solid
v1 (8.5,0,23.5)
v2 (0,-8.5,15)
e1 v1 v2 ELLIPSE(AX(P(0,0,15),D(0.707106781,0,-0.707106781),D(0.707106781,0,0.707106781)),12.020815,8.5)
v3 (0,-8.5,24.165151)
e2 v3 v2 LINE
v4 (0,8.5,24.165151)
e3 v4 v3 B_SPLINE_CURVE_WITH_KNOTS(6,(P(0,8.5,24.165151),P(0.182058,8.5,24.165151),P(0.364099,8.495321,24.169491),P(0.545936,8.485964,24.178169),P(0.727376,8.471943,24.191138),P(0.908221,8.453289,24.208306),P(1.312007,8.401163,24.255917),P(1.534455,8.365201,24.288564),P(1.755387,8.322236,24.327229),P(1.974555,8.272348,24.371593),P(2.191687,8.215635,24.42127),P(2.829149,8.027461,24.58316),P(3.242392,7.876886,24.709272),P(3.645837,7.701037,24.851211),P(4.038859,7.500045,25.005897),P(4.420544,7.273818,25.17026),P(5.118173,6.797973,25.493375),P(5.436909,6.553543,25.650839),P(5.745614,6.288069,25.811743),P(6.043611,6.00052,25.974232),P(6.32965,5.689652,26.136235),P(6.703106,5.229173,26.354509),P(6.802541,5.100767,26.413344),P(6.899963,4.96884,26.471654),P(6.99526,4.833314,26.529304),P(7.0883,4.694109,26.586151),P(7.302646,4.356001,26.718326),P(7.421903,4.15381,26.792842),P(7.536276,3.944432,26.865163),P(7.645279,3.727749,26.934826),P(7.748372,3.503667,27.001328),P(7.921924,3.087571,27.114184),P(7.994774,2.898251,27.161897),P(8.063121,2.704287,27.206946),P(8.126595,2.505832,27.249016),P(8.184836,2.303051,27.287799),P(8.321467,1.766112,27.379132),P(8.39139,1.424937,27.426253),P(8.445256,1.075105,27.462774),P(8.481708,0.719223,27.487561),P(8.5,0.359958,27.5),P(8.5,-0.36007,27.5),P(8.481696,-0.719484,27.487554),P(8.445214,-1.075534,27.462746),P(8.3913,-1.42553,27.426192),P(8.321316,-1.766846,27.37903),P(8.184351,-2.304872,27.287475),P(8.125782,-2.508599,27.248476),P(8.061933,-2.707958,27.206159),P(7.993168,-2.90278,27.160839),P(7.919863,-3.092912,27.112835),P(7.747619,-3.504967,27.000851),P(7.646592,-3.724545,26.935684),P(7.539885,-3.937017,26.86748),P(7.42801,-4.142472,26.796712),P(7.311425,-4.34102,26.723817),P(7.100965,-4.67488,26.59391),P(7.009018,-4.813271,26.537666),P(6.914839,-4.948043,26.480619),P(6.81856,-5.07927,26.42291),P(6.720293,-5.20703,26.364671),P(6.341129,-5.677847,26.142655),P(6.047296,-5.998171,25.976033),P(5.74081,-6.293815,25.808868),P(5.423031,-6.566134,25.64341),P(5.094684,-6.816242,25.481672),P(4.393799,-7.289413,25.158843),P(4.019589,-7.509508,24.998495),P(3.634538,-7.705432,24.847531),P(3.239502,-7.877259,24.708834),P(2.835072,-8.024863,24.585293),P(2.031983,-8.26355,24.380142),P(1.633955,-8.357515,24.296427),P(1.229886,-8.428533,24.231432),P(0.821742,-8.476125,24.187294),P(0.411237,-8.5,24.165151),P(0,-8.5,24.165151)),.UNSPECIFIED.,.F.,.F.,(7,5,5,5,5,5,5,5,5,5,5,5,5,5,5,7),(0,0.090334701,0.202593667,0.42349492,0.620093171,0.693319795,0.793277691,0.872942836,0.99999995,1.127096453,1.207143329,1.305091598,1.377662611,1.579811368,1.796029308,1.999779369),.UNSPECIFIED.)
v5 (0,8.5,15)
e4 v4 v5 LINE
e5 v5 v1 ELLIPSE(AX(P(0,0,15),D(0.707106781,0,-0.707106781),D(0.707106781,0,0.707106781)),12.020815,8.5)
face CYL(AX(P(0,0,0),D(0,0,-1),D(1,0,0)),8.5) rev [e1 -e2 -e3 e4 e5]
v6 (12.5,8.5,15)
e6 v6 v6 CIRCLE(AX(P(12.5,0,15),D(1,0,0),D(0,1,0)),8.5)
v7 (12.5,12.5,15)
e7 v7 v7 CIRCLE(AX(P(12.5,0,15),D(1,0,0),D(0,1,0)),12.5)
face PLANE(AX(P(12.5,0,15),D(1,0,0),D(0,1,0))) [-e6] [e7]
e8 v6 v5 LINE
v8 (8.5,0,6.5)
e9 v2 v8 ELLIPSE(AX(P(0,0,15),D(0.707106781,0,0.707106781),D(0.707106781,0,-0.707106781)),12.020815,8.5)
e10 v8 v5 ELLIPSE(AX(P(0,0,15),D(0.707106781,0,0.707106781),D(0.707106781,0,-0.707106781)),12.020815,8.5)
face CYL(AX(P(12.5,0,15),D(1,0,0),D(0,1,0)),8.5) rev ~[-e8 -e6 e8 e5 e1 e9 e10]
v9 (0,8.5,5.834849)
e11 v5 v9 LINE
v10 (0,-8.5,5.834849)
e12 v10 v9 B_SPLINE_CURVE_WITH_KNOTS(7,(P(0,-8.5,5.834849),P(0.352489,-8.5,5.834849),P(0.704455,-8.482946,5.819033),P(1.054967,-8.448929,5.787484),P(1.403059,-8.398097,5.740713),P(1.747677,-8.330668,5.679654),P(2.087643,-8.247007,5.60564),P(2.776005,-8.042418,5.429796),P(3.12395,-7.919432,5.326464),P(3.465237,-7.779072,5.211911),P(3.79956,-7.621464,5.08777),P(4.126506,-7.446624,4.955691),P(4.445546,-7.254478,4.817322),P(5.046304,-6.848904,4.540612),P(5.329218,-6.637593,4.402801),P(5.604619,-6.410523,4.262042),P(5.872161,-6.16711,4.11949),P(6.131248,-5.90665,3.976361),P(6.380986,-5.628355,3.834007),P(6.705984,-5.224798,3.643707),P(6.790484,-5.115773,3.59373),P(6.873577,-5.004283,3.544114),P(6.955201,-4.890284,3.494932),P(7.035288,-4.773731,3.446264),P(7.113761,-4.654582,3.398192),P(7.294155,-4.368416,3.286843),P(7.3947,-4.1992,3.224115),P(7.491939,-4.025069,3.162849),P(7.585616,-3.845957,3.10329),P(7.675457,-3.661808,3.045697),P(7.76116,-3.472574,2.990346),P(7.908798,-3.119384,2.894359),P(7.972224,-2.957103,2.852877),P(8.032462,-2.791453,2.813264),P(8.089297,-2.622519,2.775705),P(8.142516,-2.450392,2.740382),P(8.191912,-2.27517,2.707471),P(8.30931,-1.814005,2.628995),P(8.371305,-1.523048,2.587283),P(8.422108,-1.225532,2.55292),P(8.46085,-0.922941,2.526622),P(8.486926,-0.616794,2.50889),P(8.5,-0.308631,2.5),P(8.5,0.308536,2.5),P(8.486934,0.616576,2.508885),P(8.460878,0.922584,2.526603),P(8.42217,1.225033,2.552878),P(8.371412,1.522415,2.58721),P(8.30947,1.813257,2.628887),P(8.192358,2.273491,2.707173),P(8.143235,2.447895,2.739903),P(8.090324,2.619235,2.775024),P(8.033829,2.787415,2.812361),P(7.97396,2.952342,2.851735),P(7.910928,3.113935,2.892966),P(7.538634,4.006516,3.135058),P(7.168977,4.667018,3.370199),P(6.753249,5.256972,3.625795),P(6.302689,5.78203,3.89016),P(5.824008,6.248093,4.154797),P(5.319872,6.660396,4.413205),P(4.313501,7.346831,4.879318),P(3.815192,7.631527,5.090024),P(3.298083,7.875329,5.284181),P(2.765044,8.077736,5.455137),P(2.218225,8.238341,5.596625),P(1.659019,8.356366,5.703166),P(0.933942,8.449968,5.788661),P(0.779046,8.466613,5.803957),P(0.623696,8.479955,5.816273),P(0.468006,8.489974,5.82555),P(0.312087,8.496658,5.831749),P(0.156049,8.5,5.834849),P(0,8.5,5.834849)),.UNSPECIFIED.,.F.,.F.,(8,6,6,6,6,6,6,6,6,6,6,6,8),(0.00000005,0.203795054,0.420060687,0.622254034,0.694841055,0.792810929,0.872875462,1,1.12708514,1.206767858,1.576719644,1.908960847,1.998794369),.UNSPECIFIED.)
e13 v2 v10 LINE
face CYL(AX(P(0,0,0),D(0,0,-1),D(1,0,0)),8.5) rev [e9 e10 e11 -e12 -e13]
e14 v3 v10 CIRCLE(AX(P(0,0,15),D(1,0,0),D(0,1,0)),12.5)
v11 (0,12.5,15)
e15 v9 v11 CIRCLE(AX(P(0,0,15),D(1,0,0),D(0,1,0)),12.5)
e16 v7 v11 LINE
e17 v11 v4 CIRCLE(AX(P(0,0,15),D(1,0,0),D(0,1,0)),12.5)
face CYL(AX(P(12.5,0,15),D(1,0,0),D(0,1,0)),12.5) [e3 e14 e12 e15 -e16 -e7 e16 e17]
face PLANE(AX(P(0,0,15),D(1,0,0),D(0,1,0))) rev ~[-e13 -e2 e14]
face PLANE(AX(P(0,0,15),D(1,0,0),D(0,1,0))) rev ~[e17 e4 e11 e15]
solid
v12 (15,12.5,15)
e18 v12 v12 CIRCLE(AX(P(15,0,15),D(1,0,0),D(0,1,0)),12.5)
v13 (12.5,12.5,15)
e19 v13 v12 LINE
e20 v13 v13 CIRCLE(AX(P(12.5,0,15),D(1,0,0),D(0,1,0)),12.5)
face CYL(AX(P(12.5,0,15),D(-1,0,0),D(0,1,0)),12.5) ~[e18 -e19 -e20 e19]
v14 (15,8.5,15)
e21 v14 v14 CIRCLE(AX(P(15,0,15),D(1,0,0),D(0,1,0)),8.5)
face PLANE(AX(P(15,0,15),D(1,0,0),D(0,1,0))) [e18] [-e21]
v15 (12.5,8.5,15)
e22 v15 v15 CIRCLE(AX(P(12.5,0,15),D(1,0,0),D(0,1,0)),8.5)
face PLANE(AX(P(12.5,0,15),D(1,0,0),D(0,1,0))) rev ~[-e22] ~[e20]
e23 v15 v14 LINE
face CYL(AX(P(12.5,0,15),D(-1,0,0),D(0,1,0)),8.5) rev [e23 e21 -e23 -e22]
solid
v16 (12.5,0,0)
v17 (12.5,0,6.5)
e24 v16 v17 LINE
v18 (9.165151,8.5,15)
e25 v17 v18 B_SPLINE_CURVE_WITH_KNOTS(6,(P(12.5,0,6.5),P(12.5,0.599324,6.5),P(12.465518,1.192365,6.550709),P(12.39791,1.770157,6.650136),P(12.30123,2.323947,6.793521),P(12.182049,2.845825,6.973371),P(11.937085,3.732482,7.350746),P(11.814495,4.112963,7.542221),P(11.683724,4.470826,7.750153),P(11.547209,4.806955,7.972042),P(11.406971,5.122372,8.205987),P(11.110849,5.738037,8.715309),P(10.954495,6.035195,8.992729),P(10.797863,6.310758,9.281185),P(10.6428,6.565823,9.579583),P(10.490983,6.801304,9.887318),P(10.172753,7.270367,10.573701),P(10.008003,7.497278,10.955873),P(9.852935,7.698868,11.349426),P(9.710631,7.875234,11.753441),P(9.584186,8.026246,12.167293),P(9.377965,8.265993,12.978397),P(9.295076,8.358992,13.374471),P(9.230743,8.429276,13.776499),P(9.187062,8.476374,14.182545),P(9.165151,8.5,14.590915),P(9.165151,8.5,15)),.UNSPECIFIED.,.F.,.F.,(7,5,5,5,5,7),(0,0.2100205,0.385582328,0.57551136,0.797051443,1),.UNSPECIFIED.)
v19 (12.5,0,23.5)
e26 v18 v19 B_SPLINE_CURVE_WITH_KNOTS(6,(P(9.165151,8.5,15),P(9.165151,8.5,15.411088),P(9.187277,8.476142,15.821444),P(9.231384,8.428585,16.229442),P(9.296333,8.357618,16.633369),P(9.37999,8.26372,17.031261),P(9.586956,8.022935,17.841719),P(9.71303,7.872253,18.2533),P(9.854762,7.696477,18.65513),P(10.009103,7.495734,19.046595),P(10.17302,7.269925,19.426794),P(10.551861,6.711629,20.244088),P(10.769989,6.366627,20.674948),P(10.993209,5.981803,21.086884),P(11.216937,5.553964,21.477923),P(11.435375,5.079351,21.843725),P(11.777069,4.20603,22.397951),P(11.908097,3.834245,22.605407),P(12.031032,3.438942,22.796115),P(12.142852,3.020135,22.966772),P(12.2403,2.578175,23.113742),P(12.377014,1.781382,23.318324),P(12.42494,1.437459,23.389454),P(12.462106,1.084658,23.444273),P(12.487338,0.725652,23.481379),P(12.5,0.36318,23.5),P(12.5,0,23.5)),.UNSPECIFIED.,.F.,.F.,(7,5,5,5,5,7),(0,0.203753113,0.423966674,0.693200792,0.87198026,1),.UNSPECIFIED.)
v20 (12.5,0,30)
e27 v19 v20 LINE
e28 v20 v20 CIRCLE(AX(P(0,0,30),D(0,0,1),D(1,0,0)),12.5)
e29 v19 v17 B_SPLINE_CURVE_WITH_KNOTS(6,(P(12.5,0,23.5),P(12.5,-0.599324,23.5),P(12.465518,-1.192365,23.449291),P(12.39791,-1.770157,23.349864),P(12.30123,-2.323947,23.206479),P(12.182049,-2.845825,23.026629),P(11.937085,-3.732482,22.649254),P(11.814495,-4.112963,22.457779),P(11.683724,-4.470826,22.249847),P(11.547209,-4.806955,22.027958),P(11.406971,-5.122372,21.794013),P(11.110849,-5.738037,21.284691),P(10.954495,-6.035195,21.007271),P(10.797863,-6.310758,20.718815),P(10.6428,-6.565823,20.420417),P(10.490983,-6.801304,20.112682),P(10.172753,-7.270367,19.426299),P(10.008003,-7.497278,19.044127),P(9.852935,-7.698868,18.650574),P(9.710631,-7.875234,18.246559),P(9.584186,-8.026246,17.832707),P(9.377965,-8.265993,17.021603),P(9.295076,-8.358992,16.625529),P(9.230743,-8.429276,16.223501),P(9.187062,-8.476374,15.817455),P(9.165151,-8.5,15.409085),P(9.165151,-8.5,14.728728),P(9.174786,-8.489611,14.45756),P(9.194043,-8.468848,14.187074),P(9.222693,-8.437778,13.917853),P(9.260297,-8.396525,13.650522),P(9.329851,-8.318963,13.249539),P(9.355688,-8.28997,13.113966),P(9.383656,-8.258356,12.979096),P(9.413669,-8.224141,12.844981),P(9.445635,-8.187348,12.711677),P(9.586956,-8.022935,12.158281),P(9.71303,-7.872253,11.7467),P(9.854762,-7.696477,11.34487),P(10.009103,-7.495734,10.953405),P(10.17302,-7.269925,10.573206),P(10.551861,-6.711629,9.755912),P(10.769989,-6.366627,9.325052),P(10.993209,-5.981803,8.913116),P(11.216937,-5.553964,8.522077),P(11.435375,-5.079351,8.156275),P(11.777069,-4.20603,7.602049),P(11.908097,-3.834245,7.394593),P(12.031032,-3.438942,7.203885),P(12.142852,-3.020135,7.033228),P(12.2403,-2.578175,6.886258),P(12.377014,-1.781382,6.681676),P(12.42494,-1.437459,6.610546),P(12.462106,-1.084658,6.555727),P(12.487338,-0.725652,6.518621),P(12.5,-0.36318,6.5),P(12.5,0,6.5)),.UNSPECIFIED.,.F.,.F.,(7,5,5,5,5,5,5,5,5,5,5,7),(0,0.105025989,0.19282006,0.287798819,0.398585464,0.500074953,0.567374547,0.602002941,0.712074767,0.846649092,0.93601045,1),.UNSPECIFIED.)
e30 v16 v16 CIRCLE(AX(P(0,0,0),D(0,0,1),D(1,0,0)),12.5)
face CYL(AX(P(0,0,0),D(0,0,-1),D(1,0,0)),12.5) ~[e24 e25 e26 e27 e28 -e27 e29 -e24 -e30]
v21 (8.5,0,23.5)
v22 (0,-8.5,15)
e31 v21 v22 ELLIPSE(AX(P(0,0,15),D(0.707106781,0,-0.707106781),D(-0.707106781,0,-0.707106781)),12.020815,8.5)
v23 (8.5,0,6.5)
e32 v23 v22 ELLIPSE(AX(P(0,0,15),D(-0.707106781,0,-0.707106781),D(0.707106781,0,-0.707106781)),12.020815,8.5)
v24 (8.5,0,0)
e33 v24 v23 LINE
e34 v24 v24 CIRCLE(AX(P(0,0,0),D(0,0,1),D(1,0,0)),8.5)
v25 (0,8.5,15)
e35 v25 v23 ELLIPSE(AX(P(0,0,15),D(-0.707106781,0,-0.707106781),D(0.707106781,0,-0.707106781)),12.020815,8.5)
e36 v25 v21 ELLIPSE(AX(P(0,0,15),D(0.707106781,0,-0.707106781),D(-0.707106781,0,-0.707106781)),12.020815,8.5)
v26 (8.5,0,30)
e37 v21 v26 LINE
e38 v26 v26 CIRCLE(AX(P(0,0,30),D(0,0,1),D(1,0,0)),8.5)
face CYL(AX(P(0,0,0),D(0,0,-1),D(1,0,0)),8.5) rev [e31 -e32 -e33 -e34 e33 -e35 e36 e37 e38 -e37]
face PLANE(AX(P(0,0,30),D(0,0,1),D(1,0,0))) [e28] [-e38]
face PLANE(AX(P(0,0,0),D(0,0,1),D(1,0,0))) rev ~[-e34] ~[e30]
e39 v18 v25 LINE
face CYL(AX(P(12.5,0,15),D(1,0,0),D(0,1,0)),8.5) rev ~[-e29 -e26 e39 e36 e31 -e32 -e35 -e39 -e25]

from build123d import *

# Parameters (mm, degrees)
F0_R     = 12.5
F0_R_2   = 8.5
F1_DEPTH = 30
F4_R     = 12.5
F4_R_2   = 8.5
F5_DEPTH = 12.5
F6_DEPTH = 12.5
F7_DEPTH = 30
F8_DEPTH = 2.5


with BuildPart() as f1:
    # F0 (on Top) → F1 (new body)
    with BuildSketch(Plane.XY):
        Circle(F0_R)
        Circle(F0_R_2, mode=Mode.SUBTRACT)
    extrude(amount=F1_DEPTH)

    # F4 (on face) → F6 (cut)
    with BuildSketch(Plane.YZ.offset(12.5)):
        with Locations((0, 15)):
            Circle(F4_R_2)
    extrude(amount=-F6_DEPTH, mode=Mode.SUBTRACT)


with BuildPart() as f5:
    # F4 (on face) → F5 (new body)
    with BuildSketch(Plane.YZ.offset(12.5)):
        with Locations((0, 15)):
            Circle(F4_R)
        with Locations((0, 15)):
            Circle(F4_R_2, mode=Mode.SUBTRACT)
    extrude(amount=-F5_DEPTH)

    # F0 (on Top) → F7 (cut)
    with BuildSketch(Plane.XY):
        Circle(F0_R_2)
    extrude(amount=F7_DEPTH, mode=Mode.SUBTRACT)


with BuildPart() as f8:
    # F4 (on face) → F8 (new body)
    with BuildSketch(Plane.YZ.offset(12.5)):
        with Locations((0, 15)):
            Circle(F4_R)
        with Locations((0, 15)):
            Circle(F4_R_2, mode=Mode.SUBTRACT)
    extrude(amount=F8_DEPTH)


solid = Compound([f1.part, f5.part, f8.part])
